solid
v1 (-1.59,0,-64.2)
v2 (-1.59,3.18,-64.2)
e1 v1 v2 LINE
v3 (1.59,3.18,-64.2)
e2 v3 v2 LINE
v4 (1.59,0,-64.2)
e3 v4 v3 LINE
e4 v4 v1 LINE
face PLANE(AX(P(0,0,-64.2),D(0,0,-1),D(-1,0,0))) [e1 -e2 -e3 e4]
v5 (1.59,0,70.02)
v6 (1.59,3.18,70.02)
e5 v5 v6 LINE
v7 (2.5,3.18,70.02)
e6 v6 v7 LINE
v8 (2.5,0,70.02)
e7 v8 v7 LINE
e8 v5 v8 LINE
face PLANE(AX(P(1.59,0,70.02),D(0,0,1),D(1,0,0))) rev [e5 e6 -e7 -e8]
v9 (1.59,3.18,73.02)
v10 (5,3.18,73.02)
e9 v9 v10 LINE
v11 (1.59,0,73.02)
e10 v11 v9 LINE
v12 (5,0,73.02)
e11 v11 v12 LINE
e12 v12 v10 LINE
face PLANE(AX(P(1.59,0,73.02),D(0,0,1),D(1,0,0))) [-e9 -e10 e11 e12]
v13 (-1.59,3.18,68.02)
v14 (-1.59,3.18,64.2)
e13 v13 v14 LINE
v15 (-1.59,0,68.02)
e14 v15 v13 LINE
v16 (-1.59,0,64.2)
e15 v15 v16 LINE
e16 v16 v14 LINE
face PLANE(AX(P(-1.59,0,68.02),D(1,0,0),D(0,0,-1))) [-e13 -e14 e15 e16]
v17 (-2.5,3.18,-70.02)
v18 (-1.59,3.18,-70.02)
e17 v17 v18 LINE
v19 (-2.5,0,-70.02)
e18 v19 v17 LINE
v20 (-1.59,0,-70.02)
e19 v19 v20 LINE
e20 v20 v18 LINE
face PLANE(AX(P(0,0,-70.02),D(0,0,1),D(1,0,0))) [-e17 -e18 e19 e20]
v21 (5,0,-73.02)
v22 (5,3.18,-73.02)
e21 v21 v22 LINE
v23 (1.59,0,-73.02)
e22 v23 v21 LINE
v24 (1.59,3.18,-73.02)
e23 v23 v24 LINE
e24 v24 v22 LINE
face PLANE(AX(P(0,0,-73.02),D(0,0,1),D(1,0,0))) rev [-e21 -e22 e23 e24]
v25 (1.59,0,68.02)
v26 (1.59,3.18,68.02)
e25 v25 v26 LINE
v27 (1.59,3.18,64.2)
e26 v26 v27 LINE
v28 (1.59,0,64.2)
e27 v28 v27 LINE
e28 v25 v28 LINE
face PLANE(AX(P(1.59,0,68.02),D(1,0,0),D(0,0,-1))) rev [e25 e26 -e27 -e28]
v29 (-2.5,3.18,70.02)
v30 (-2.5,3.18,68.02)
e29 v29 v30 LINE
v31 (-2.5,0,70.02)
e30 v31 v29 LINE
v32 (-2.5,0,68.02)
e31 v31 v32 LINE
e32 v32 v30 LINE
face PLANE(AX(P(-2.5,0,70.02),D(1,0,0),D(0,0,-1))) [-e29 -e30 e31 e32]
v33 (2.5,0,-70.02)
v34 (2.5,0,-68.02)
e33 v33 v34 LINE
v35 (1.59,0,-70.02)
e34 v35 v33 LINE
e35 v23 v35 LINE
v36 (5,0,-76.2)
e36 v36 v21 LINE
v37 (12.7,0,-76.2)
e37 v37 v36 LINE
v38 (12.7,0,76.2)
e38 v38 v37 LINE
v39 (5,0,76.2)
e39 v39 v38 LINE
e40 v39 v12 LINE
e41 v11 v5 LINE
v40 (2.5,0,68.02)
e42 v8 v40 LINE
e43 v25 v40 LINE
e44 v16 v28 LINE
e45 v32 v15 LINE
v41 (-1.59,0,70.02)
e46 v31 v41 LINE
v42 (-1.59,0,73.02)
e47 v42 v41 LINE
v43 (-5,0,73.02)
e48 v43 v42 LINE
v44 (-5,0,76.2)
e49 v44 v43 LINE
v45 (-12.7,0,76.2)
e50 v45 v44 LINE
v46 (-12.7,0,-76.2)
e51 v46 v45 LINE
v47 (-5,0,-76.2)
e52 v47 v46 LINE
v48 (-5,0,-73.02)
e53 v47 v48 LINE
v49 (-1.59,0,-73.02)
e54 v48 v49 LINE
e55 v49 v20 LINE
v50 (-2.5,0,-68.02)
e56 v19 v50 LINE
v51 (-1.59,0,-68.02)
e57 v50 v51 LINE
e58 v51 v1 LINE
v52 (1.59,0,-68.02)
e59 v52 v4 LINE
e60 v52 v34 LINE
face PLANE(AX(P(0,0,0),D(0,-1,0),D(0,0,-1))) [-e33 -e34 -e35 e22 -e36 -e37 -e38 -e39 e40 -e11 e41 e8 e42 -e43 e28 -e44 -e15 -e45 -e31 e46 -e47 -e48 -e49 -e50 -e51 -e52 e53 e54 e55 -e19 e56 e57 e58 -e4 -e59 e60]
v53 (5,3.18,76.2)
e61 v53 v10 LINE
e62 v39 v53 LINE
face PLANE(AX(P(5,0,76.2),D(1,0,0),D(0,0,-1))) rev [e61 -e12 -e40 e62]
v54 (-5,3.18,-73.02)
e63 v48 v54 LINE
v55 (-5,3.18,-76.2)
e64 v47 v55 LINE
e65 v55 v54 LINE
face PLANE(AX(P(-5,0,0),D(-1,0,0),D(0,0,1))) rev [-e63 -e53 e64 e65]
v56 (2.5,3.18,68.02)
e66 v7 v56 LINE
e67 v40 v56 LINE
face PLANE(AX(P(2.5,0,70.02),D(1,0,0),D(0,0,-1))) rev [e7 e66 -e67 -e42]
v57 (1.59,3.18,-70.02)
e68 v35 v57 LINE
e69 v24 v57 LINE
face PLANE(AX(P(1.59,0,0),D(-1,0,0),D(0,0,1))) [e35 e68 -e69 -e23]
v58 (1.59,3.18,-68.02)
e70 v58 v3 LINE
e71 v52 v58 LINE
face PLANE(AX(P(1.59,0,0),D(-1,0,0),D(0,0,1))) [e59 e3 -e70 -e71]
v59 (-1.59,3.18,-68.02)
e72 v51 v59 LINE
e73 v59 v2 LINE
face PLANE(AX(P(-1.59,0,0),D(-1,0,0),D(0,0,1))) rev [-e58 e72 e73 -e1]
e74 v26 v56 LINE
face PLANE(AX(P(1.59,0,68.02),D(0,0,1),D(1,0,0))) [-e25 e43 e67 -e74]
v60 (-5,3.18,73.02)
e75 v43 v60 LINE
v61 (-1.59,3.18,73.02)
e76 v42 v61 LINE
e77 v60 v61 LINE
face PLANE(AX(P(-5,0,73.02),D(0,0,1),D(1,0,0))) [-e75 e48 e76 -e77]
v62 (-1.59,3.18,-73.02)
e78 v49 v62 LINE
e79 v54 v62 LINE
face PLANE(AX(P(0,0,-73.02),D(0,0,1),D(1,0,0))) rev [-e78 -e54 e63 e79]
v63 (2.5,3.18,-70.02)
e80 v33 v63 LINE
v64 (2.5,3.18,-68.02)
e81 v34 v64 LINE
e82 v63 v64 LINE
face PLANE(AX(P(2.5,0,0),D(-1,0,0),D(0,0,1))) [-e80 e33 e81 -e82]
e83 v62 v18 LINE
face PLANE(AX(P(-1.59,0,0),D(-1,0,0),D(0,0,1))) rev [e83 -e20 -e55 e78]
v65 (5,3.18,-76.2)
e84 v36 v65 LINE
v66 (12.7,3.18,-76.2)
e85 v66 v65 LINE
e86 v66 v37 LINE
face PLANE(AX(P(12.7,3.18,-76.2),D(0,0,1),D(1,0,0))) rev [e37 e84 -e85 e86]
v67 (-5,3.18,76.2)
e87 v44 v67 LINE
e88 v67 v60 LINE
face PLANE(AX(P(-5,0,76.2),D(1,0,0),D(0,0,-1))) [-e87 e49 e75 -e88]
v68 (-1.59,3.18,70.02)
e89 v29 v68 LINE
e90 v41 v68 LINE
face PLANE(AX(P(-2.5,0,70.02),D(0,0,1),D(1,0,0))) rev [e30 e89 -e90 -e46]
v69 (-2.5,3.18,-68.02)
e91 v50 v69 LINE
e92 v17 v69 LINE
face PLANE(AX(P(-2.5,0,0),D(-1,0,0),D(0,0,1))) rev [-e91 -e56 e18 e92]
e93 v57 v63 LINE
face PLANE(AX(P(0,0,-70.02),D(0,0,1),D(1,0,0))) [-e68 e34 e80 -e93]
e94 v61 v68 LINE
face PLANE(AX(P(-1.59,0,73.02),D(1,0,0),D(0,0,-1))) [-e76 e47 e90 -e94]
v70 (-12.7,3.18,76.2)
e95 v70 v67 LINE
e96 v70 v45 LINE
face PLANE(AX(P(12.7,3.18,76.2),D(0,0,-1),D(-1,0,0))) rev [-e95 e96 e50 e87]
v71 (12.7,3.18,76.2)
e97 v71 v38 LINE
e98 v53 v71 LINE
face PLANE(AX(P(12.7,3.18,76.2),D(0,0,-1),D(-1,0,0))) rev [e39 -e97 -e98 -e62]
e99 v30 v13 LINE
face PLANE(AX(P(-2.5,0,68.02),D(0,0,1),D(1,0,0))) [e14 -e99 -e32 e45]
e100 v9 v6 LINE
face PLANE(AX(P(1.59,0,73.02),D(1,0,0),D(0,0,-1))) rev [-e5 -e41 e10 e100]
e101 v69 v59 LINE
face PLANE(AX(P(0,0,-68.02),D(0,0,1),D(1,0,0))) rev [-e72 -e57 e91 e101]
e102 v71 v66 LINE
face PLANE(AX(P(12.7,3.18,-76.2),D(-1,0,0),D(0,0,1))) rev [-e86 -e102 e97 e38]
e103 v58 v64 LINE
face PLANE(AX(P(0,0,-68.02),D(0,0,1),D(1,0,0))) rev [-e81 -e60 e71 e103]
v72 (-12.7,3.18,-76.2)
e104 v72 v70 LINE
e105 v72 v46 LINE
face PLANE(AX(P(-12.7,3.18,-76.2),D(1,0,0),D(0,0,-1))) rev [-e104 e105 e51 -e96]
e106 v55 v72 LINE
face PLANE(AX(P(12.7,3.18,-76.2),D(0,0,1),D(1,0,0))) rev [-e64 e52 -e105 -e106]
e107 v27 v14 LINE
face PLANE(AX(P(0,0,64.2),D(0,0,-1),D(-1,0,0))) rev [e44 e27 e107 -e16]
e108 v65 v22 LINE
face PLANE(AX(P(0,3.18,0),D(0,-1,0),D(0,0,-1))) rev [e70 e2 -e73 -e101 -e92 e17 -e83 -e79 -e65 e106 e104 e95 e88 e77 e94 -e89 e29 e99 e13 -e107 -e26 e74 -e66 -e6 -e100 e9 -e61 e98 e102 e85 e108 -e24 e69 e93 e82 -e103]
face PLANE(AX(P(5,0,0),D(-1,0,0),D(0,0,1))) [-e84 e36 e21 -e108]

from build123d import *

# Parameters (mm, degrees)
SKETCH1_W           = 25.4
SKETCH1_H           = 152.4
BOSS_EXTRUDE1_DEPTH = 3.18
CUT_EXTRUDE1_DEPTH  = 3.18


with BuildPart() as part:
    # Sketch1 → Boss-Extrude1 (new body)
    with BuildSketch(Plane(origin=(0, 0, 0), x_dir=(1, 0, 0), z_dir=(0, 1, 0))):
        Rectangle(SKETCH1_W, SKETCH1_H)
    extrude(amount=BOSS_EXTRUDE1_DEPTH)

    # Sketch2 → Cut-Extrude1 (cut)
    with BuildSketch(Plane(origin=(0, 3.18, 0), x_dir=(1, 0, 0), z_dir=(0, 1, 0))):
        Polygon((-1.59, 73.02), (-1.59, 70.02), (-2.5, 70.02), (-2.5, 68.02), (-1.59, 68.02), (-1.59, 64.2), (0, 64.2), (1.59, 64.2), (1.59, 68.02), (2.5, 68.02), (2.5, 70.02), (1.59, 70.02), (1.59, 73.02), (5, 73.02), (5, 76.2), (-5, 76.2), (-5, 73.02), align=None)
        Polygon((0, -64.2), (-1.59, -64.2), (-1.59, -68.02), (-2.5, -68.02), (-2.5, -70.02), (-1.59, -70.02), (-1.59, -73.02), (-5, -73.02), (-5, -76.2), (5, -76.2), (5, -73.02), (1.59, -73.02), (1.59, -70.02), (2.5, -70.02), (2.5, -68.02), (1.59, -68.02), (1.59, -64.2), align=None)
    extrude(amount=-CUT_EXTRUDE1_DEPTH, mode=Mode.SUBTRACT)


solid = part.part
